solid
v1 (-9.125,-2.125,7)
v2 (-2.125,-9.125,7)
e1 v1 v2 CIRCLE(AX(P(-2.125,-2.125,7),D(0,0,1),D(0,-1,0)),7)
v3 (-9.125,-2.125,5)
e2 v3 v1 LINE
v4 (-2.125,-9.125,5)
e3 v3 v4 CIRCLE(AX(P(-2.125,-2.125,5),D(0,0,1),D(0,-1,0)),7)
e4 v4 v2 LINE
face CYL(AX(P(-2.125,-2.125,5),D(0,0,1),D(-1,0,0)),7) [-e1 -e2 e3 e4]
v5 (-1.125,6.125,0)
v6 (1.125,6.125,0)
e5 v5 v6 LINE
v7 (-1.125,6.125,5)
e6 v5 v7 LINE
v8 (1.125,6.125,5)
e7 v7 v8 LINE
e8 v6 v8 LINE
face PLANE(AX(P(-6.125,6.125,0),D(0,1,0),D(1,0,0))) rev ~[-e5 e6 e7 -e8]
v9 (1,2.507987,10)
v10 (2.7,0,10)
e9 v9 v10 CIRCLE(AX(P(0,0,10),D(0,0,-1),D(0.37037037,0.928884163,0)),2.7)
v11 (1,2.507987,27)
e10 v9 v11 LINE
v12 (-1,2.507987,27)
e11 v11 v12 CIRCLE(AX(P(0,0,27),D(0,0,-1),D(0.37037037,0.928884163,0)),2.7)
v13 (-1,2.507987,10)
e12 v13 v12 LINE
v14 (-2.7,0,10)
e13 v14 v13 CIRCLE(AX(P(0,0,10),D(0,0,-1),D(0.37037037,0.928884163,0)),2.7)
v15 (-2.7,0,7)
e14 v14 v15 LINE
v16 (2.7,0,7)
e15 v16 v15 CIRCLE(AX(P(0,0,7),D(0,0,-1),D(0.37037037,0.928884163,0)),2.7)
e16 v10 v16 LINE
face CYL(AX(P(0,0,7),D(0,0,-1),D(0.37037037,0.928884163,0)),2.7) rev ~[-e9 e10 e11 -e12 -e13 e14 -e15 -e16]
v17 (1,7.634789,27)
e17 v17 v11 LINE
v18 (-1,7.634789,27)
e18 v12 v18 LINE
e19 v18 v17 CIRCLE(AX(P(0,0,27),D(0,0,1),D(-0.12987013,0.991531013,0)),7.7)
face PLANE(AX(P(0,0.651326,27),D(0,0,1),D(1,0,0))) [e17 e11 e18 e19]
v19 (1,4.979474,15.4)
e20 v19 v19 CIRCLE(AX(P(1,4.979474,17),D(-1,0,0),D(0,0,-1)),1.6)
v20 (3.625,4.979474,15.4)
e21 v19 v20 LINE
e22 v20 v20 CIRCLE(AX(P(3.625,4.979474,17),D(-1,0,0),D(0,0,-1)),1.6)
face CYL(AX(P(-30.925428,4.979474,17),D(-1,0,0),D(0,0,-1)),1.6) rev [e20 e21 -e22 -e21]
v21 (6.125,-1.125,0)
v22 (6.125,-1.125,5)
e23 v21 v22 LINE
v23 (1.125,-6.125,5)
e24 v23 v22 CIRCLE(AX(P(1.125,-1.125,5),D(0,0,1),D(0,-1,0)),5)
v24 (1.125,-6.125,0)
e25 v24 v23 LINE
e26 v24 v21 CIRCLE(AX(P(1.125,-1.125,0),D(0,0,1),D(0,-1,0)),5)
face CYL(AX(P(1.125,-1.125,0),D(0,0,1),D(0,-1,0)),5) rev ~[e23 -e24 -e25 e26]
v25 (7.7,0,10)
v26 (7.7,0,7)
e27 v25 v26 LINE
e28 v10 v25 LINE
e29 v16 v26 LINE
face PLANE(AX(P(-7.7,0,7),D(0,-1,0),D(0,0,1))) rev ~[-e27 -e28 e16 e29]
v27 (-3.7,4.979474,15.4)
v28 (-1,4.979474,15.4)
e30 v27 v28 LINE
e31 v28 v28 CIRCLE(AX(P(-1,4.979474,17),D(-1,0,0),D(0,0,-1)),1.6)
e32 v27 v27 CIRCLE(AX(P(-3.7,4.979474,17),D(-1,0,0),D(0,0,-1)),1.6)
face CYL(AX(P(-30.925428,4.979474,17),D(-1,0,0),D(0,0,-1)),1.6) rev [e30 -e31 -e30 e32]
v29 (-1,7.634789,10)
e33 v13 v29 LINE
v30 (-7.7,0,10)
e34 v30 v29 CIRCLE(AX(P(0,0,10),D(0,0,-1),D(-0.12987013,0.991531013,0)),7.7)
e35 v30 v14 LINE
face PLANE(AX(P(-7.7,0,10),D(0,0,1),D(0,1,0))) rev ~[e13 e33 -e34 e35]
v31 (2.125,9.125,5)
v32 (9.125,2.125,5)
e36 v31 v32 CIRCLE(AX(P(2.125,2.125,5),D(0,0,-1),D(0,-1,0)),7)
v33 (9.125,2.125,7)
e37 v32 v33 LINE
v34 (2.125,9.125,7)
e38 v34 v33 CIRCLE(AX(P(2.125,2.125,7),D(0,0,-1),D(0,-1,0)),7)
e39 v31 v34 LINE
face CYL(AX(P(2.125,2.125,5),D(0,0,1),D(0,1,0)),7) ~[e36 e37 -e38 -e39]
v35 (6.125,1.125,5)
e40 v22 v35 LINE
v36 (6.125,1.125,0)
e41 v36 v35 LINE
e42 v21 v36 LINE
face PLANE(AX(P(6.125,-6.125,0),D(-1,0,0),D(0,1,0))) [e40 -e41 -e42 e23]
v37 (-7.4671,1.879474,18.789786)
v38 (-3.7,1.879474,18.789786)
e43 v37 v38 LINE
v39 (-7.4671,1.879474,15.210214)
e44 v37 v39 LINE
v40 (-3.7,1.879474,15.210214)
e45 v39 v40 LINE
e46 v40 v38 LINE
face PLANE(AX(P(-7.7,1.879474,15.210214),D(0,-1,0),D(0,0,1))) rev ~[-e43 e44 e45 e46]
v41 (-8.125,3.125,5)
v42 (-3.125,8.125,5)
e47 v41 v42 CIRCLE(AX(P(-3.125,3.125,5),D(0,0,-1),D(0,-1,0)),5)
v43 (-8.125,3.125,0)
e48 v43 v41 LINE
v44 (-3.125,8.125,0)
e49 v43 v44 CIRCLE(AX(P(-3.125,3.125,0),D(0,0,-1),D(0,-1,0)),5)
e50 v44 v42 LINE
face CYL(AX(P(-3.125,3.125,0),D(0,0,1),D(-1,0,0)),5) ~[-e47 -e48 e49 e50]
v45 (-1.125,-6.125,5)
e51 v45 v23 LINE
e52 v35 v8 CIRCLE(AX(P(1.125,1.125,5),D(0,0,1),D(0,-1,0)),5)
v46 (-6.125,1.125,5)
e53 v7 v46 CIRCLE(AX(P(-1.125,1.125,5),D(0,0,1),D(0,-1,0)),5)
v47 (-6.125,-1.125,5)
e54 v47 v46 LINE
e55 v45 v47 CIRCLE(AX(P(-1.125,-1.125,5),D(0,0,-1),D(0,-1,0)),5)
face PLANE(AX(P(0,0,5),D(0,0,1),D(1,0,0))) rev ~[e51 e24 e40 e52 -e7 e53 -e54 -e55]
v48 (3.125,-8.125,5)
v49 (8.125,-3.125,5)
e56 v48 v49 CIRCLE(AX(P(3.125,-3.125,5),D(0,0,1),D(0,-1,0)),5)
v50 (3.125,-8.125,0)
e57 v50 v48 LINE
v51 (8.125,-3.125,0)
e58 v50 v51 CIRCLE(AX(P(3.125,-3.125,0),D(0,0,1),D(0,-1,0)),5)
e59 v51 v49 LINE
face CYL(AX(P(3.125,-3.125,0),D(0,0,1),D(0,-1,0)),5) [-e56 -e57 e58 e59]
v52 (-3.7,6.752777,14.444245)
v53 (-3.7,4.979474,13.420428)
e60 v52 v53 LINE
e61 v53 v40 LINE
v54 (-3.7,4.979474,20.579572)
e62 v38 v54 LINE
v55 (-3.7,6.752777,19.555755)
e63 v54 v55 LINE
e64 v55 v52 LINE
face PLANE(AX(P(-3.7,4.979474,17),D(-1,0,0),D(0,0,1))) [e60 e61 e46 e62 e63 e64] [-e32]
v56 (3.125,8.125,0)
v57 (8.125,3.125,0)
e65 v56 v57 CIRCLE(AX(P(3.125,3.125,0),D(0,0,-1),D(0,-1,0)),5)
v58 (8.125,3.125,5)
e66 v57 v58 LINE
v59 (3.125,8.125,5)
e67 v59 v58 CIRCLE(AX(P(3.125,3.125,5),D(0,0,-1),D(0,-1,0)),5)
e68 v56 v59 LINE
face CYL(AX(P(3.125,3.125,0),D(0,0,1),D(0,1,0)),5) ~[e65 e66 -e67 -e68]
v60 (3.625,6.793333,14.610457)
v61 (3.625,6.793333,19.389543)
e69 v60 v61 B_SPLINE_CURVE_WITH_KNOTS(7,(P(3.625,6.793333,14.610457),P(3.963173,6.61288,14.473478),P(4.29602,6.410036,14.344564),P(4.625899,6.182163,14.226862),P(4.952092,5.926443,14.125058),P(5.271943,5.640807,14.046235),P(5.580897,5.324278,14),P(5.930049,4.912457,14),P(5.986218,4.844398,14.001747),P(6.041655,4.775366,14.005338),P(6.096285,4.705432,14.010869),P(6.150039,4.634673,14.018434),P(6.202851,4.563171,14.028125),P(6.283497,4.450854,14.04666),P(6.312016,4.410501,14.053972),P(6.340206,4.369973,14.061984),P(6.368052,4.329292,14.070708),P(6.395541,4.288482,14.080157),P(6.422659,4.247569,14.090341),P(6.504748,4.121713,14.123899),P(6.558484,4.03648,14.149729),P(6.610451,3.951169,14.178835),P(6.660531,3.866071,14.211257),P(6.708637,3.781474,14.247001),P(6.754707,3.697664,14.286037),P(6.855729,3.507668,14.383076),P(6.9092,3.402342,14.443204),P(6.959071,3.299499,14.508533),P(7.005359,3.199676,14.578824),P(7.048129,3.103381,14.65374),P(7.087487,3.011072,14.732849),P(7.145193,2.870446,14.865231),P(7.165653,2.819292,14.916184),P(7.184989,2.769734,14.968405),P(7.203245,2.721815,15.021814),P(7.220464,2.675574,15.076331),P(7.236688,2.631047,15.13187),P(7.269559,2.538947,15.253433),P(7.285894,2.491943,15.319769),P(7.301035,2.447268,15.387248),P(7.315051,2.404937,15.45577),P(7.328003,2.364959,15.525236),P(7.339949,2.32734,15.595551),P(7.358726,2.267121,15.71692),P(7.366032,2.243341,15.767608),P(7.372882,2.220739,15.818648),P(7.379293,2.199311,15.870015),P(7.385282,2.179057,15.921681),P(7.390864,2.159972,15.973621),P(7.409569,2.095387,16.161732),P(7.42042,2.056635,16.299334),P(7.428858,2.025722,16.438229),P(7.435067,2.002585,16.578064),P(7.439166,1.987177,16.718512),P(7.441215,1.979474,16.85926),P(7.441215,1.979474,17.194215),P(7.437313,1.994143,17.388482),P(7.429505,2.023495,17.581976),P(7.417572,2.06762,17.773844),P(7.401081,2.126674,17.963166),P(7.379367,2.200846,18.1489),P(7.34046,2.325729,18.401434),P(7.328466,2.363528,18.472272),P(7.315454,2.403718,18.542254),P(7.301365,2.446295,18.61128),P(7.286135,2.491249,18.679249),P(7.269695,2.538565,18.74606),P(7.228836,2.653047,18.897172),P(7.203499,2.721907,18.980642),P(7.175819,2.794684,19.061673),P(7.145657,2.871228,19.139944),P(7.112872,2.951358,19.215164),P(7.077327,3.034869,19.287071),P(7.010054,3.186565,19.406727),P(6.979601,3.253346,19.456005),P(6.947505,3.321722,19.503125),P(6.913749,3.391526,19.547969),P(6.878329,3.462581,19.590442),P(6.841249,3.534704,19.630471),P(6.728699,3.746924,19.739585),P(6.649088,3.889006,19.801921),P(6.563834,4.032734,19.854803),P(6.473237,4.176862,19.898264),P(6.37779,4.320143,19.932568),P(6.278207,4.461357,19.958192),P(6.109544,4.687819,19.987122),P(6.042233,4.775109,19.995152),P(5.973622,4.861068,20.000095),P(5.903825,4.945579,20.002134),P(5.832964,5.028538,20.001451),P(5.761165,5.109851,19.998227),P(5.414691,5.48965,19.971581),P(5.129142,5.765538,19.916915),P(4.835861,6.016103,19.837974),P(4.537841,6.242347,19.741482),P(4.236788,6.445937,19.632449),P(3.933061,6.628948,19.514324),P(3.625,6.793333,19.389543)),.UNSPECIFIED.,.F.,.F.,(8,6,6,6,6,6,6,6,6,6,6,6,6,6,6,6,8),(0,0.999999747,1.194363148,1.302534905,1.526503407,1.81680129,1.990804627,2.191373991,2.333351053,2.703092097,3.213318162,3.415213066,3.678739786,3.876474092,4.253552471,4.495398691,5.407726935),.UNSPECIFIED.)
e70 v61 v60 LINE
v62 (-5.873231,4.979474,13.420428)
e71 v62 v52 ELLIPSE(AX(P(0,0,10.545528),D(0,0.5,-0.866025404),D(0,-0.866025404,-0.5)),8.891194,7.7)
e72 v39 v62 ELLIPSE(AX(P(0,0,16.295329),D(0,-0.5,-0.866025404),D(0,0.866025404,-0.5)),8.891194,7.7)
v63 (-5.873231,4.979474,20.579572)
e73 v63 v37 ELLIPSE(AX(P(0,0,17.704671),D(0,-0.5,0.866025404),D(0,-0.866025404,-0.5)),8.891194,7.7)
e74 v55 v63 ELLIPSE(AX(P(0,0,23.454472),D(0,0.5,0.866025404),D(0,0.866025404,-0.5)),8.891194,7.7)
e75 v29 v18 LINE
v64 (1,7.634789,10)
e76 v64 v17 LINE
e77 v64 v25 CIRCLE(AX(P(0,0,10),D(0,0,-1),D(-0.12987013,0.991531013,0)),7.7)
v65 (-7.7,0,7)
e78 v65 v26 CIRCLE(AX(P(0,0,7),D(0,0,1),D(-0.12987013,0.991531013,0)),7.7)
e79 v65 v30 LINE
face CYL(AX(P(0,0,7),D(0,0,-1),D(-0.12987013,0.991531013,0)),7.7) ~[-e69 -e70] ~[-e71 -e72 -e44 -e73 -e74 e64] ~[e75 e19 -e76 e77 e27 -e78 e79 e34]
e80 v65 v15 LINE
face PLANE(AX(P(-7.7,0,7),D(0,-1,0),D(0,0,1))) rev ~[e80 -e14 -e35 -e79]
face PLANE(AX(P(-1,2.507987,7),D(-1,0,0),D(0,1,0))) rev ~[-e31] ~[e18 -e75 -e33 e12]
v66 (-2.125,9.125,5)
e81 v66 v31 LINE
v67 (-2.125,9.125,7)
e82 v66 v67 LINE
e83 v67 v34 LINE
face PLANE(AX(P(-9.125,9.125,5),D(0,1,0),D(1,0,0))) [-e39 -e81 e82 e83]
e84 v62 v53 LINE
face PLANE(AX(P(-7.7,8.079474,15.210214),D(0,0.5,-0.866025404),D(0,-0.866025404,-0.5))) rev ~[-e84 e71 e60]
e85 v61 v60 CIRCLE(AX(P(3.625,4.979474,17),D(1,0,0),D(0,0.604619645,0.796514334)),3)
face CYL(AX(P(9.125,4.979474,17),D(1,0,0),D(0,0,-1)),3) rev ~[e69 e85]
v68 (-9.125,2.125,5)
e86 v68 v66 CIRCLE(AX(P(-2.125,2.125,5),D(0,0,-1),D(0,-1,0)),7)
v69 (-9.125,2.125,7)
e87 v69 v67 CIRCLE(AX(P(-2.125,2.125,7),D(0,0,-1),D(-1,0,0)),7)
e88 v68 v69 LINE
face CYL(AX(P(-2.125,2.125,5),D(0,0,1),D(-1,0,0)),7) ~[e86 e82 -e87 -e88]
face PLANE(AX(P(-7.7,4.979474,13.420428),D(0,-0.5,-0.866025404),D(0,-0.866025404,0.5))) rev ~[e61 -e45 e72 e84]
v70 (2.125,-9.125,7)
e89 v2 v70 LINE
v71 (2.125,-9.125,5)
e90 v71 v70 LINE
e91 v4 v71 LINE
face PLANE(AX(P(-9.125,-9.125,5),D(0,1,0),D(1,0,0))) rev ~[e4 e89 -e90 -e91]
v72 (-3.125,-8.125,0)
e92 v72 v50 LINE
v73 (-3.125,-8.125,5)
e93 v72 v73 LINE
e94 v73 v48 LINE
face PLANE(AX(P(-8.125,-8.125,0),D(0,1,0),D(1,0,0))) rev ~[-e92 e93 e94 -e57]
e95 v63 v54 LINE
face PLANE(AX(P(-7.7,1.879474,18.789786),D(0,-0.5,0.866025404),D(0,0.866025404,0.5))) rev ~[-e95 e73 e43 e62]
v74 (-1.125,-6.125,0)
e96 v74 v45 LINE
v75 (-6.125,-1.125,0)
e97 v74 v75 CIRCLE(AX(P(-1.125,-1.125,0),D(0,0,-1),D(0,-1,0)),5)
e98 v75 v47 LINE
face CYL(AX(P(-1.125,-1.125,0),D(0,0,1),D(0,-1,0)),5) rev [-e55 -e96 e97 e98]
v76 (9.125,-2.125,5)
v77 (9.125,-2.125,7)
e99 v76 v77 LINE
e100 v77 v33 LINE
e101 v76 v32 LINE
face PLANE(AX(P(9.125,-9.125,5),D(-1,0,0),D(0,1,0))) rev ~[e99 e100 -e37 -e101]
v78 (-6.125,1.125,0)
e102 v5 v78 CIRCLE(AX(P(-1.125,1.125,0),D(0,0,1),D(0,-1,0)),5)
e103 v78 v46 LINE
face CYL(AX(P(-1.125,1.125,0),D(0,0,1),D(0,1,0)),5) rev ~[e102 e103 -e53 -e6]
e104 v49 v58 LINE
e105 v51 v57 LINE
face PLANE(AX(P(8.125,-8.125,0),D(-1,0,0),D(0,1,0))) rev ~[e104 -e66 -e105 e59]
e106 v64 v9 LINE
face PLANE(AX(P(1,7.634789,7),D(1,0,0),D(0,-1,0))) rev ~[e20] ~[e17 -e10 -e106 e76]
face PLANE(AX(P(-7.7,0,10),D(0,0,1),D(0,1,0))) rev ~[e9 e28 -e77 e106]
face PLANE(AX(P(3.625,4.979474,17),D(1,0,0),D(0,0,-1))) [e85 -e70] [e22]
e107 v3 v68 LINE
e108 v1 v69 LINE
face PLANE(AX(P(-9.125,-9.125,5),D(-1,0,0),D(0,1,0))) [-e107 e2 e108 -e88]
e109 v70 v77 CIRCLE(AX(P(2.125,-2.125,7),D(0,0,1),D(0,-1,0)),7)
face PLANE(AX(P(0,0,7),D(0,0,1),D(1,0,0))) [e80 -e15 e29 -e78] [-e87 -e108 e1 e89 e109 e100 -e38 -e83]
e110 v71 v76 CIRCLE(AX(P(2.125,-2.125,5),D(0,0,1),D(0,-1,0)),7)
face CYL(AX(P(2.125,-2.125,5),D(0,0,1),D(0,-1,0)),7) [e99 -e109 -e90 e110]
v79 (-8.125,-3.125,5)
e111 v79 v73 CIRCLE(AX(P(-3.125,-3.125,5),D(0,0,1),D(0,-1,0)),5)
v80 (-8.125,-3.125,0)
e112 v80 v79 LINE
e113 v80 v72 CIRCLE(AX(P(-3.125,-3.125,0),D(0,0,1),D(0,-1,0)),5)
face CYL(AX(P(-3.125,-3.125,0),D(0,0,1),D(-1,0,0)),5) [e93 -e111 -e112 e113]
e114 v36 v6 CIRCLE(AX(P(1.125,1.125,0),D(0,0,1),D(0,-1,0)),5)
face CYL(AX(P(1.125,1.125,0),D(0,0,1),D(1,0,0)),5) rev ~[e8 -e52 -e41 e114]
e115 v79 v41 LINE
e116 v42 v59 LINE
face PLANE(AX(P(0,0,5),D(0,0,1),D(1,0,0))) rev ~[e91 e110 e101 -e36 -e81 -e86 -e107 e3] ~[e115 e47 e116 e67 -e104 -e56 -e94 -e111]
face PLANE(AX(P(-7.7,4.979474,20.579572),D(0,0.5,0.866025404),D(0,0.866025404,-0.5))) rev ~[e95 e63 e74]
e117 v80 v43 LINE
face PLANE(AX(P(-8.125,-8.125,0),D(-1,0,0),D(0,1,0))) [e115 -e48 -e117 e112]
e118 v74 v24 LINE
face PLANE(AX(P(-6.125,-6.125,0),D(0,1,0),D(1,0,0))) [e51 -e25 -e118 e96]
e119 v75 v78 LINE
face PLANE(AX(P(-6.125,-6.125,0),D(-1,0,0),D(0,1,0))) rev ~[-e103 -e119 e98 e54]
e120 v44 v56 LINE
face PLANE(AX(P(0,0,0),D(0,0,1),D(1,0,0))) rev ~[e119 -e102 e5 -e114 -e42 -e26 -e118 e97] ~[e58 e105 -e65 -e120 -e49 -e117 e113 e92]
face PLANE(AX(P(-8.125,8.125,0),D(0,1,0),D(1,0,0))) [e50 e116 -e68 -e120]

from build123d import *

# Parameters (mm, degrees)
SKETCH1_W               = 16.25
SKETCH1_H               = 16.25
SKETCH1_W_2             = 12.25
SKETCH1_H_2             = 12.25
BOSS_EXTRUDE1_DEPTH     = 5
FILLET1_R               = 5
SKETCH2_W               = 18.25
SKETCH2_H               = 18.25
BOSS_EXTRUDE2_DEPTH     = 2
FILLET2_R               = 7
BOSS_EXTRUDE3_DEPTH     = 20
CUT_EXTRUDE1_DEPTH      = 30.925428151
CUT_EXTRUDE1_DEPTH_BACK = 30.925428151
SKETCH5_R               = 1.6
SKETCH7_R               = 3
CUT_EXTRUDE2_DEPTH      = 5.5
CUT_EXTRUDE3_DEPTH      = 4
SKETCH9_W               = 3
SKETCH9_H               = 10.743898354
CUT_EXTRUDE4_DEPTH      = 34.096015703


with BuildPart() as part:
    # Sketch1 → Boss-Extrude1 (new body)
    with BuildSketch(Plane.XY):
        Rectangle(SKETCH1_W, SKETCH1_H)
        Rectangle(SKETCH1_W_2, SKETCH1_H_2, mode=Mode.SUBTRACT)
    extrude(amount=BOSS_EXTRUDE1_DEPTH)

    # Fillet1
    fillet1_edges = [part.edges().sort_by_distance(p)[0] for p in [
        (6.125, -6.125, 2.5),
        (6.125, 6.125, 2.5),
        (-6.125, 6.125, 2.5),
        (-6.125, -6.125, 2.5),
        (-8.125, 8.125, 2.5),
        (8.125, 8.125, 2.5),
        (8.125, -8.125, 2.5),
        (-8.125, -8.125, 2.5),
    ]]
    fillet(fillet1_edges, radius=FILLET1_R)

    # Sketch2 → Boss-Extrude2 (add)
    with BuildSketch(Plane.XY.offset(5)):
        Rectangle(SKETCH2_W, SKETCH2_H)
    extrude(amount=BOSS_EXTRUDE2_DEPTH)

    # Fillet2
    fillet2_edges = [part.edges().sort_by_distance(p)[0] for p in [
        (-9.125, 9.125, 6),
        (-9.125, -9.125, 6),
        (9.125, -9.125, 6),
        (9.125, 9.125, 6),
    ]]
    fillet(fillet2_edges, radius=FILLET2_R)

    # Sketch3 → Boss-Extrude3 (add)
    with BuildSketch(Plane.XY.offset(7)):
        with BuildLine():
            Line((1, 7.634788799), (1, 2.507987241))
            ThreePointArc((1, 2.507987241), (0, -2.7), (-1, 2.507987241))
            Line((-1, 2.507987241), (-1, 7.634788799))
            ThreePointArc((-1, 7.634788799), (0, -7.7), (1, 7.634788799))
        make_face()
    extrude(amount=BOSS_EXTRUDE3_DEPTH)

    # Sketch5 → Cut-Extrude1 (cut, two sides: drawn at the far end of the back side and taken through both)
    with BuildSketch(Plane(origin=(0, 0, 0), x_dir=(0, 0, -1), z_dir=(1, 0, 0)).offset(-CUT_EXTRUDE1_DEPTH_BACK)):
        with Locations((-17, 4.979474194)):
            Circle(SKETCH5_R)
    extrude(amount=CUT_EXTRUDE1_DEPTH + CUT_EXTRUDE1_DEPTH_BACK, mode=Mode.SUBTRACT)

    # Sketch7 → Cut-Extrude2 (cut)
    with BuildSketch(Plane(origin=(9.125, 0, 0), x_dir=(0, 0, -1), z_dir=(1, 0, 0))):
        with Locations((-17, 4.979474194)):
            Circle(SKETCH7_R)
    extrude(amount=-CUT_EXTRUDE2_DEPTH, mode=Mode.SUBTRACT)

    # Sketch8 → Cut-Extrude3 (cut)
    with BuildSketch(Plane.ZY.offset(7.7)):
        Polygon((13.420428331, 4.979474194), (15.210214166, 1.879474194), (18.789785834, 1.879474194), (20.579571669, 4.979474194), (18.789785834, 8.079474194), (15.210214166, 8.079474194), align=None)
    extrude(amount=-CUT_EXTRUDE3_DEPTH, mode=Mode.SUBTRACT)

    # Sketch9 → Cut-Extrude4 (cut, through all)
    with BuildSketch(Plane.ZY.offset(7.7)):
        with Locations((8.5, 5.371949177)):
            Rectangle(SKETCH9_W, SKETCH9_H)
    extrude(amount=-CUT_EXTRUDE4_DEPTH, mode=Mode.SUBTRACT)


solid = part.part
